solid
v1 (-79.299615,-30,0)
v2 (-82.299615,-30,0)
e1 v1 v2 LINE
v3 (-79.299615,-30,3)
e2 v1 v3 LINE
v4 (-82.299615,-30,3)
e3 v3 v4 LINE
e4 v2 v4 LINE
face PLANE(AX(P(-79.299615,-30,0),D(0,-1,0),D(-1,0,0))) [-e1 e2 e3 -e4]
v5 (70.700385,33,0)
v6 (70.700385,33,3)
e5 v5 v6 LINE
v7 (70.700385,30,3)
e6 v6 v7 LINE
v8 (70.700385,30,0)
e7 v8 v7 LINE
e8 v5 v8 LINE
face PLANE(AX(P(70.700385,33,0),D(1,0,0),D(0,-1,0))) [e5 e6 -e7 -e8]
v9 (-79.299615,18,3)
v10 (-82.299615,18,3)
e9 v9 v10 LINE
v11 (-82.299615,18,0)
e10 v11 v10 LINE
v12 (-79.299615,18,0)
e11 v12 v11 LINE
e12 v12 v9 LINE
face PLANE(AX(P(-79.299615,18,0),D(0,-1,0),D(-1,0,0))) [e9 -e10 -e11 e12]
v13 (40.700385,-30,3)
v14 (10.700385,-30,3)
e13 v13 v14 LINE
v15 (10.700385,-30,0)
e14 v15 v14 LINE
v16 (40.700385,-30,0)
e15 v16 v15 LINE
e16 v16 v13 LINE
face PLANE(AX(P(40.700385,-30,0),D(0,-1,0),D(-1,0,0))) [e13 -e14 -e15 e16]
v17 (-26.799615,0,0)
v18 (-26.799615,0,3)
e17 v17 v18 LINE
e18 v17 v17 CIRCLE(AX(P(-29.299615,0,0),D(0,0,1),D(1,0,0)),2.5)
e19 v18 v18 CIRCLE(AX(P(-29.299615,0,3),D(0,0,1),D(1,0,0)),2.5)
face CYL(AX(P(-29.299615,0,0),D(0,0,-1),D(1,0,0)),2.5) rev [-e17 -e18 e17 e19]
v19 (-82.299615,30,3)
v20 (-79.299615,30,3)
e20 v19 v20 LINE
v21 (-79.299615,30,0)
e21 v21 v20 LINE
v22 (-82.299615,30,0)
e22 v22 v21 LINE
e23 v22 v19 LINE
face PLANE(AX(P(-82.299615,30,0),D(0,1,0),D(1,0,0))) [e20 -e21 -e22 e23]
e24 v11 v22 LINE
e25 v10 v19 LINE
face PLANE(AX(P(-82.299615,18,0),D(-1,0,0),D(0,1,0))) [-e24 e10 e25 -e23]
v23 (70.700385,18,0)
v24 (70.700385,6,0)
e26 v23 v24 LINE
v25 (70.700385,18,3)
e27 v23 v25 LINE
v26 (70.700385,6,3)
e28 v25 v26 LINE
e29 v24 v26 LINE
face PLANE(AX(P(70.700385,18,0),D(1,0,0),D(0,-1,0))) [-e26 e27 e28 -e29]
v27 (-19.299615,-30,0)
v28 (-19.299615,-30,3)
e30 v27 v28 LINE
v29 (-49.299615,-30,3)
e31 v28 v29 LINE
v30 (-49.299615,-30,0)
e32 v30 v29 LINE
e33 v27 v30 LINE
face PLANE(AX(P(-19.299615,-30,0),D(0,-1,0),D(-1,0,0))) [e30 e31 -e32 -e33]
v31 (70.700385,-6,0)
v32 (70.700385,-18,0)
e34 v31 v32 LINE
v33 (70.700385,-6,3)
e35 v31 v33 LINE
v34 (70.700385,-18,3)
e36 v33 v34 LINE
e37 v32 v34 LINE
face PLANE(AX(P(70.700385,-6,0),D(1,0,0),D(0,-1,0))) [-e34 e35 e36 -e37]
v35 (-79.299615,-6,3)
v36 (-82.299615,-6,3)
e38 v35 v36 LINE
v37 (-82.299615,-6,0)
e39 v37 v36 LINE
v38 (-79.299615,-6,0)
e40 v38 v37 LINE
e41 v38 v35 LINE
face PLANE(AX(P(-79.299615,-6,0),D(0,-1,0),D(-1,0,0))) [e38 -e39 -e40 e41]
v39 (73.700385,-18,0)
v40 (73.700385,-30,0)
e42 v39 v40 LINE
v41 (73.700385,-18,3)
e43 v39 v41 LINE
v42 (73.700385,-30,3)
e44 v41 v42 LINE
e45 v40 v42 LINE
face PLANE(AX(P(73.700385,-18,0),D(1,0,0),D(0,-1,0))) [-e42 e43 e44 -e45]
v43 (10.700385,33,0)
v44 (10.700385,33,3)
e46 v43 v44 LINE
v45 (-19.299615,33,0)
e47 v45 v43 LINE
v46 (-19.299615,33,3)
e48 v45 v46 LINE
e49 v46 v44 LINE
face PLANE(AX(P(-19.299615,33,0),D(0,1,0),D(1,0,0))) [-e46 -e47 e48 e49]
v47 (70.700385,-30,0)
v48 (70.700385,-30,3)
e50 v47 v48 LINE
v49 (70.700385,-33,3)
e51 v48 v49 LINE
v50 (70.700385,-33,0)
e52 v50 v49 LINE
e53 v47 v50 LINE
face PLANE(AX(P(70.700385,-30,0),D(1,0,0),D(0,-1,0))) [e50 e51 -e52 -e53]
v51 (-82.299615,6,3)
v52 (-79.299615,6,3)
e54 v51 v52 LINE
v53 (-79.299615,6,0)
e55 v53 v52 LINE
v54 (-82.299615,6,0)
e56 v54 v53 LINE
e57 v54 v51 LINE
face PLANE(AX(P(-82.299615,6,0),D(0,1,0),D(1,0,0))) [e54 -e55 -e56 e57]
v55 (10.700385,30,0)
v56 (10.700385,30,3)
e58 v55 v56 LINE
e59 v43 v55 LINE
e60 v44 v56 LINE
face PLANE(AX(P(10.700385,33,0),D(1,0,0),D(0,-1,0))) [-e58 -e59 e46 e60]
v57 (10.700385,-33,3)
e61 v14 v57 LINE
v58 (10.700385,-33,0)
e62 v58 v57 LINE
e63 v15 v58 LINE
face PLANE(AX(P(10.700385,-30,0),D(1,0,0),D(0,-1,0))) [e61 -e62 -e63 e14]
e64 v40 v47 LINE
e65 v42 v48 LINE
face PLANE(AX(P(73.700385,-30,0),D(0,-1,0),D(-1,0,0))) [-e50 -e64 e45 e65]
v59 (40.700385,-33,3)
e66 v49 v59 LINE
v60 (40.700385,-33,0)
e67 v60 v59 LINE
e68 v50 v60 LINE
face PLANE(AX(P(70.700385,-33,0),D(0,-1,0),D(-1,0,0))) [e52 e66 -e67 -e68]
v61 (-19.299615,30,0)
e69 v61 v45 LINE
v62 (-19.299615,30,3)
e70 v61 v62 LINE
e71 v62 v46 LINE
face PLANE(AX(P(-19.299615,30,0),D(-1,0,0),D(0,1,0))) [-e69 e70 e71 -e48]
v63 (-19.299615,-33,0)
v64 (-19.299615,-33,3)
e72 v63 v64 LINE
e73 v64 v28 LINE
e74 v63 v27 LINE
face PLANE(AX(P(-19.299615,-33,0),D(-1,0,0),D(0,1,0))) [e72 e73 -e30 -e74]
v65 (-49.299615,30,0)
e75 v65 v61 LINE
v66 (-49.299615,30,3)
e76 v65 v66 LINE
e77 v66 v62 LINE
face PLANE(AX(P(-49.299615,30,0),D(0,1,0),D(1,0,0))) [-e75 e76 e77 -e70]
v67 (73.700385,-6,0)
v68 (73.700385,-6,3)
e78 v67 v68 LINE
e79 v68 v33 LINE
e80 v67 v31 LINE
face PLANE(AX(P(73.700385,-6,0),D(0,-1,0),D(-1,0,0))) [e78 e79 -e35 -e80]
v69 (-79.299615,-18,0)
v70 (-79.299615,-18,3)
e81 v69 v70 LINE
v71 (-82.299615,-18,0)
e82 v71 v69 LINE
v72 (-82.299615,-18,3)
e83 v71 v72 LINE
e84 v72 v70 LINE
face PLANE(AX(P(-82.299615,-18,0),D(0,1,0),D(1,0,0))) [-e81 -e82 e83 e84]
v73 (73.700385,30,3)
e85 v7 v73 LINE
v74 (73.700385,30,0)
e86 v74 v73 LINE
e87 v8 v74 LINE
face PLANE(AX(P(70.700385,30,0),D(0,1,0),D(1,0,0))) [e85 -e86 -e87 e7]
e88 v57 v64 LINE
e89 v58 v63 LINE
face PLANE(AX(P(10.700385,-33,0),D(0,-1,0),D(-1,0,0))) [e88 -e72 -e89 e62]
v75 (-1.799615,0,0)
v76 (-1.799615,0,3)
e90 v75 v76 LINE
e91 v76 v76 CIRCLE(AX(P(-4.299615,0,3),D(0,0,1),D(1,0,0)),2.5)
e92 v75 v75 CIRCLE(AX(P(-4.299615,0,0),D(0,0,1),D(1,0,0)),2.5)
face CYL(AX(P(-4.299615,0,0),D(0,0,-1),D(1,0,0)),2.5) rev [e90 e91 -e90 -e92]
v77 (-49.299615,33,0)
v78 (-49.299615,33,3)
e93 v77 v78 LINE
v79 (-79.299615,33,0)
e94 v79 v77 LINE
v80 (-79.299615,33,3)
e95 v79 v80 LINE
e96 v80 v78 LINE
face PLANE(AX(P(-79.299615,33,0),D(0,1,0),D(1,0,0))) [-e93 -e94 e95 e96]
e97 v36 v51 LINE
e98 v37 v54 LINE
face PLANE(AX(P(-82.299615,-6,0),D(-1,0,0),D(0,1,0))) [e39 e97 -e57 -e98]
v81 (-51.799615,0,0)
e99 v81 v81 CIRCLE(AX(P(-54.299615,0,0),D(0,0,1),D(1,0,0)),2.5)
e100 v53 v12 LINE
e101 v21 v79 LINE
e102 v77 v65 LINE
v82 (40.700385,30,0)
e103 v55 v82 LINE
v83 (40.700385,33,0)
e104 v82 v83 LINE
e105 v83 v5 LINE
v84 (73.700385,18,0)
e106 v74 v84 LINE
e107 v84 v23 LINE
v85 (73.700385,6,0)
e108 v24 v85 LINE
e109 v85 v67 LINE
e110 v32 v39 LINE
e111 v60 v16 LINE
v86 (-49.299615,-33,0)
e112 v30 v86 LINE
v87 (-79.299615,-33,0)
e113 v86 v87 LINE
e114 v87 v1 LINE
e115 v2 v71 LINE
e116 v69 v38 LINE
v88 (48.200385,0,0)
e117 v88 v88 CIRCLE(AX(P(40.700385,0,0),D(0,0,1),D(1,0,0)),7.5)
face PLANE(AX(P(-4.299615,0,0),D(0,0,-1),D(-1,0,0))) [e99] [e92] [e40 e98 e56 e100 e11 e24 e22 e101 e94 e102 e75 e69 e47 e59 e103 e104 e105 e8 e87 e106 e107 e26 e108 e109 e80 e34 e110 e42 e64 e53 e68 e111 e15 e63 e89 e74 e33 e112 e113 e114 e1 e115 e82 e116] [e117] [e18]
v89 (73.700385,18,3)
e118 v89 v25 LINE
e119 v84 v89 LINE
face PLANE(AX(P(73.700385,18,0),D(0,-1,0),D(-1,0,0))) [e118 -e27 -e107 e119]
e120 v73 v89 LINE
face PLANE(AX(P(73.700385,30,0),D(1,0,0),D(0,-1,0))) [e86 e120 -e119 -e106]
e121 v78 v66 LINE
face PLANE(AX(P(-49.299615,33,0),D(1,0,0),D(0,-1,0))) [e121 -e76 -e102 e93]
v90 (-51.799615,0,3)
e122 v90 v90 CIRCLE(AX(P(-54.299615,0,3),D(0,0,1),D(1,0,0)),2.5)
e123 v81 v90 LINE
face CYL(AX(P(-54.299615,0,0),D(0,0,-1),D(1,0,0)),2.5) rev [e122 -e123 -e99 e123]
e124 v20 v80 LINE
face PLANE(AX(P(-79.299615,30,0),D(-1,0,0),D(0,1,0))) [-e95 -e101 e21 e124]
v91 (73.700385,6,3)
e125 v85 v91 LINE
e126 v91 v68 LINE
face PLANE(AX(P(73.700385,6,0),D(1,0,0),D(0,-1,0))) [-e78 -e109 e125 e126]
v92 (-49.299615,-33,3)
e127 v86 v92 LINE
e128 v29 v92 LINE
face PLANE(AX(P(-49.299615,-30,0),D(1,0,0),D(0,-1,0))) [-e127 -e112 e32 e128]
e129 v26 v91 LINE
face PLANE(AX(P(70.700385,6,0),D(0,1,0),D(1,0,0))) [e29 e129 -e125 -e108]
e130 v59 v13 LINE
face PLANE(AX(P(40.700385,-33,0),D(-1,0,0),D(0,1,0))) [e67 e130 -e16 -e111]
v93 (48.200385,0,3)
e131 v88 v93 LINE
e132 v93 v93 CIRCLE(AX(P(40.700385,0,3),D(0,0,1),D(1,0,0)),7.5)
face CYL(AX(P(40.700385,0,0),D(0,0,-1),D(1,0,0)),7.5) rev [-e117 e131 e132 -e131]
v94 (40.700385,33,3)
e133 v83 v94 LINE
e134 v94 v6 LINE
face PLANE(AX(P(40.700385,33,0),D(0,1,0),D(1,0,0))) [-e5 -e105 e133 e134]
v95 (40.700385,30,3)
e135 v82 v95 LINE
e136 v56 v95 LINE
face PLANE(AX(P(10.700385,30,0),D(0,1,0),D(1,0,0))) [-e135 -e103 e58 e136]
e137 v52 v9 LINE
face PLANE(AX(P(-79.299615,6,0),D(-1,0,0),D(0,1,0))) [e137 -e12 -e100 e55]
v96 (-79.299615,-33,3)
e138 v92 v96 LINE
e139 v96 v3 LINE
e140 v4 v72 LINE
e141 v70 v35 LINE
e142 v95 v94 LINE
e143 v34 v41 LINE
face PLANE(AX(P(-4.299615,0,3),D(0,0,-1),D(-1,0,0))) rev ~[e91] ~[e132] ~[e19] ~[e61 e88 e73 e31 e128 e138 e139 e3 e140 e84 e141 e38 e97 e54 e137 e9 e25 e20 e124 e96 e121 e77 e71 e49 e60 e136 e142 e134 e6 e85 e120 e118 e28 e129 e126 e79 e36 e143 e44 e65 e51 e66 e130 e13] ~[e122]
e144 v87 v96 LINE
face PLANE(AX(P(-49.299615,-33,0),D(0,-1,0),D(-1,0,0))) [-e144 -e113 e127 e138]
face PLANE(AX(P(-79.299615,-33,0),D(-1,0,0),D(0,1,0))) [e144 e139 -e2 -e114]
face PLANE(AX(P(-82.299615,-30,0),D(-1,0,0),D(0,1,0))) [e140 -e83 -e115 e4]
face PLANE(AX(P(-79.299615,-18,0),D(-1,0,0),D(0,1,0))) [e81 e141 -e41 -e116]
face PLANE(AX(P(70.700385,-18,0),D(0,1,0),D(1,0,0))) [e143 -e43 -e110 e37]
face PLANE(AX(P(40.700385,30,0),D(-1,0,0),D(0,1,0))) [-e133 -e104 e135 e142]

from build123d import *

# Parameters (mm, degrees)
ESBO_O1_R                = 2.5
ESBO_O1_R_2              = 7.5
RESSALTO_EXTRUS_O1_DEPTH = 3


with BuildPart() as part:
    # Esboço1 → Ressalto-extrusão1 (new body)
    with BuildSketch(Plane.XY):
        Polygon((40.700385396, -30), (10.700385396, -30), (10.700385396, -33), (-19.299614604, -33), (-19.299614604, -30), (-49.299614604, -30), (-49.299614604, -33), (-79.299614604, -33), (-79.299614604, -30), (-82.299614604, -30), (-82.299614604, -18), (-79.299614604, -18), (-79.299614604, -6), (-82.299614604, -6), (-82.299614604, 6), (-79.299614604, 6), (-79.299614604, 18), (-82.299614604, 18), (-82.299614604, 30), (-79.299614604, 30), (-79.299614604, 33), (-49.299614604, 33), (-49.299614604, 30), (-19.299614604, 30), (-19.299614604, 33), (10.700385396, 33), (10.700385396, 30), (40.700385396, 30), (40.700385396, 33), (70.700385396, 33), (70.700385396, 30), (73.700385396, 30), (73.700385396, 18), (70.700385396, 18), (70.700385396, 6), (73.700385396, 6), (73.700385396, -6), (70.700385396, -6), (70.700385396, -18), (73.700385396, -18), (73.700385396, -30), (70.700385396, -30), (70.700385396, -33), (40.700385396, -33), align=None)
        with Locations((-54.299614604, 0)):
            Circle(ESBO_O1_R, mode=Mode.SUBTRACT)
        with Locations((-29.299614604, 0)):
            Circle(ESBO_O1_R, mode=Mode.SUBTRACT)
        with Locations((-4.299614604, 0)):
            Circle(ESBO_O1_R, mode=Mode.SUBTRACT)
        with Locations((40.700385396, 0)):
            Circle(ESBO_O1_R_2, mode=Mode.SUBTRACT)
    extrude(amount=RESSALTO_EXTRUS_O1_DEPTH)


solid = part.part
